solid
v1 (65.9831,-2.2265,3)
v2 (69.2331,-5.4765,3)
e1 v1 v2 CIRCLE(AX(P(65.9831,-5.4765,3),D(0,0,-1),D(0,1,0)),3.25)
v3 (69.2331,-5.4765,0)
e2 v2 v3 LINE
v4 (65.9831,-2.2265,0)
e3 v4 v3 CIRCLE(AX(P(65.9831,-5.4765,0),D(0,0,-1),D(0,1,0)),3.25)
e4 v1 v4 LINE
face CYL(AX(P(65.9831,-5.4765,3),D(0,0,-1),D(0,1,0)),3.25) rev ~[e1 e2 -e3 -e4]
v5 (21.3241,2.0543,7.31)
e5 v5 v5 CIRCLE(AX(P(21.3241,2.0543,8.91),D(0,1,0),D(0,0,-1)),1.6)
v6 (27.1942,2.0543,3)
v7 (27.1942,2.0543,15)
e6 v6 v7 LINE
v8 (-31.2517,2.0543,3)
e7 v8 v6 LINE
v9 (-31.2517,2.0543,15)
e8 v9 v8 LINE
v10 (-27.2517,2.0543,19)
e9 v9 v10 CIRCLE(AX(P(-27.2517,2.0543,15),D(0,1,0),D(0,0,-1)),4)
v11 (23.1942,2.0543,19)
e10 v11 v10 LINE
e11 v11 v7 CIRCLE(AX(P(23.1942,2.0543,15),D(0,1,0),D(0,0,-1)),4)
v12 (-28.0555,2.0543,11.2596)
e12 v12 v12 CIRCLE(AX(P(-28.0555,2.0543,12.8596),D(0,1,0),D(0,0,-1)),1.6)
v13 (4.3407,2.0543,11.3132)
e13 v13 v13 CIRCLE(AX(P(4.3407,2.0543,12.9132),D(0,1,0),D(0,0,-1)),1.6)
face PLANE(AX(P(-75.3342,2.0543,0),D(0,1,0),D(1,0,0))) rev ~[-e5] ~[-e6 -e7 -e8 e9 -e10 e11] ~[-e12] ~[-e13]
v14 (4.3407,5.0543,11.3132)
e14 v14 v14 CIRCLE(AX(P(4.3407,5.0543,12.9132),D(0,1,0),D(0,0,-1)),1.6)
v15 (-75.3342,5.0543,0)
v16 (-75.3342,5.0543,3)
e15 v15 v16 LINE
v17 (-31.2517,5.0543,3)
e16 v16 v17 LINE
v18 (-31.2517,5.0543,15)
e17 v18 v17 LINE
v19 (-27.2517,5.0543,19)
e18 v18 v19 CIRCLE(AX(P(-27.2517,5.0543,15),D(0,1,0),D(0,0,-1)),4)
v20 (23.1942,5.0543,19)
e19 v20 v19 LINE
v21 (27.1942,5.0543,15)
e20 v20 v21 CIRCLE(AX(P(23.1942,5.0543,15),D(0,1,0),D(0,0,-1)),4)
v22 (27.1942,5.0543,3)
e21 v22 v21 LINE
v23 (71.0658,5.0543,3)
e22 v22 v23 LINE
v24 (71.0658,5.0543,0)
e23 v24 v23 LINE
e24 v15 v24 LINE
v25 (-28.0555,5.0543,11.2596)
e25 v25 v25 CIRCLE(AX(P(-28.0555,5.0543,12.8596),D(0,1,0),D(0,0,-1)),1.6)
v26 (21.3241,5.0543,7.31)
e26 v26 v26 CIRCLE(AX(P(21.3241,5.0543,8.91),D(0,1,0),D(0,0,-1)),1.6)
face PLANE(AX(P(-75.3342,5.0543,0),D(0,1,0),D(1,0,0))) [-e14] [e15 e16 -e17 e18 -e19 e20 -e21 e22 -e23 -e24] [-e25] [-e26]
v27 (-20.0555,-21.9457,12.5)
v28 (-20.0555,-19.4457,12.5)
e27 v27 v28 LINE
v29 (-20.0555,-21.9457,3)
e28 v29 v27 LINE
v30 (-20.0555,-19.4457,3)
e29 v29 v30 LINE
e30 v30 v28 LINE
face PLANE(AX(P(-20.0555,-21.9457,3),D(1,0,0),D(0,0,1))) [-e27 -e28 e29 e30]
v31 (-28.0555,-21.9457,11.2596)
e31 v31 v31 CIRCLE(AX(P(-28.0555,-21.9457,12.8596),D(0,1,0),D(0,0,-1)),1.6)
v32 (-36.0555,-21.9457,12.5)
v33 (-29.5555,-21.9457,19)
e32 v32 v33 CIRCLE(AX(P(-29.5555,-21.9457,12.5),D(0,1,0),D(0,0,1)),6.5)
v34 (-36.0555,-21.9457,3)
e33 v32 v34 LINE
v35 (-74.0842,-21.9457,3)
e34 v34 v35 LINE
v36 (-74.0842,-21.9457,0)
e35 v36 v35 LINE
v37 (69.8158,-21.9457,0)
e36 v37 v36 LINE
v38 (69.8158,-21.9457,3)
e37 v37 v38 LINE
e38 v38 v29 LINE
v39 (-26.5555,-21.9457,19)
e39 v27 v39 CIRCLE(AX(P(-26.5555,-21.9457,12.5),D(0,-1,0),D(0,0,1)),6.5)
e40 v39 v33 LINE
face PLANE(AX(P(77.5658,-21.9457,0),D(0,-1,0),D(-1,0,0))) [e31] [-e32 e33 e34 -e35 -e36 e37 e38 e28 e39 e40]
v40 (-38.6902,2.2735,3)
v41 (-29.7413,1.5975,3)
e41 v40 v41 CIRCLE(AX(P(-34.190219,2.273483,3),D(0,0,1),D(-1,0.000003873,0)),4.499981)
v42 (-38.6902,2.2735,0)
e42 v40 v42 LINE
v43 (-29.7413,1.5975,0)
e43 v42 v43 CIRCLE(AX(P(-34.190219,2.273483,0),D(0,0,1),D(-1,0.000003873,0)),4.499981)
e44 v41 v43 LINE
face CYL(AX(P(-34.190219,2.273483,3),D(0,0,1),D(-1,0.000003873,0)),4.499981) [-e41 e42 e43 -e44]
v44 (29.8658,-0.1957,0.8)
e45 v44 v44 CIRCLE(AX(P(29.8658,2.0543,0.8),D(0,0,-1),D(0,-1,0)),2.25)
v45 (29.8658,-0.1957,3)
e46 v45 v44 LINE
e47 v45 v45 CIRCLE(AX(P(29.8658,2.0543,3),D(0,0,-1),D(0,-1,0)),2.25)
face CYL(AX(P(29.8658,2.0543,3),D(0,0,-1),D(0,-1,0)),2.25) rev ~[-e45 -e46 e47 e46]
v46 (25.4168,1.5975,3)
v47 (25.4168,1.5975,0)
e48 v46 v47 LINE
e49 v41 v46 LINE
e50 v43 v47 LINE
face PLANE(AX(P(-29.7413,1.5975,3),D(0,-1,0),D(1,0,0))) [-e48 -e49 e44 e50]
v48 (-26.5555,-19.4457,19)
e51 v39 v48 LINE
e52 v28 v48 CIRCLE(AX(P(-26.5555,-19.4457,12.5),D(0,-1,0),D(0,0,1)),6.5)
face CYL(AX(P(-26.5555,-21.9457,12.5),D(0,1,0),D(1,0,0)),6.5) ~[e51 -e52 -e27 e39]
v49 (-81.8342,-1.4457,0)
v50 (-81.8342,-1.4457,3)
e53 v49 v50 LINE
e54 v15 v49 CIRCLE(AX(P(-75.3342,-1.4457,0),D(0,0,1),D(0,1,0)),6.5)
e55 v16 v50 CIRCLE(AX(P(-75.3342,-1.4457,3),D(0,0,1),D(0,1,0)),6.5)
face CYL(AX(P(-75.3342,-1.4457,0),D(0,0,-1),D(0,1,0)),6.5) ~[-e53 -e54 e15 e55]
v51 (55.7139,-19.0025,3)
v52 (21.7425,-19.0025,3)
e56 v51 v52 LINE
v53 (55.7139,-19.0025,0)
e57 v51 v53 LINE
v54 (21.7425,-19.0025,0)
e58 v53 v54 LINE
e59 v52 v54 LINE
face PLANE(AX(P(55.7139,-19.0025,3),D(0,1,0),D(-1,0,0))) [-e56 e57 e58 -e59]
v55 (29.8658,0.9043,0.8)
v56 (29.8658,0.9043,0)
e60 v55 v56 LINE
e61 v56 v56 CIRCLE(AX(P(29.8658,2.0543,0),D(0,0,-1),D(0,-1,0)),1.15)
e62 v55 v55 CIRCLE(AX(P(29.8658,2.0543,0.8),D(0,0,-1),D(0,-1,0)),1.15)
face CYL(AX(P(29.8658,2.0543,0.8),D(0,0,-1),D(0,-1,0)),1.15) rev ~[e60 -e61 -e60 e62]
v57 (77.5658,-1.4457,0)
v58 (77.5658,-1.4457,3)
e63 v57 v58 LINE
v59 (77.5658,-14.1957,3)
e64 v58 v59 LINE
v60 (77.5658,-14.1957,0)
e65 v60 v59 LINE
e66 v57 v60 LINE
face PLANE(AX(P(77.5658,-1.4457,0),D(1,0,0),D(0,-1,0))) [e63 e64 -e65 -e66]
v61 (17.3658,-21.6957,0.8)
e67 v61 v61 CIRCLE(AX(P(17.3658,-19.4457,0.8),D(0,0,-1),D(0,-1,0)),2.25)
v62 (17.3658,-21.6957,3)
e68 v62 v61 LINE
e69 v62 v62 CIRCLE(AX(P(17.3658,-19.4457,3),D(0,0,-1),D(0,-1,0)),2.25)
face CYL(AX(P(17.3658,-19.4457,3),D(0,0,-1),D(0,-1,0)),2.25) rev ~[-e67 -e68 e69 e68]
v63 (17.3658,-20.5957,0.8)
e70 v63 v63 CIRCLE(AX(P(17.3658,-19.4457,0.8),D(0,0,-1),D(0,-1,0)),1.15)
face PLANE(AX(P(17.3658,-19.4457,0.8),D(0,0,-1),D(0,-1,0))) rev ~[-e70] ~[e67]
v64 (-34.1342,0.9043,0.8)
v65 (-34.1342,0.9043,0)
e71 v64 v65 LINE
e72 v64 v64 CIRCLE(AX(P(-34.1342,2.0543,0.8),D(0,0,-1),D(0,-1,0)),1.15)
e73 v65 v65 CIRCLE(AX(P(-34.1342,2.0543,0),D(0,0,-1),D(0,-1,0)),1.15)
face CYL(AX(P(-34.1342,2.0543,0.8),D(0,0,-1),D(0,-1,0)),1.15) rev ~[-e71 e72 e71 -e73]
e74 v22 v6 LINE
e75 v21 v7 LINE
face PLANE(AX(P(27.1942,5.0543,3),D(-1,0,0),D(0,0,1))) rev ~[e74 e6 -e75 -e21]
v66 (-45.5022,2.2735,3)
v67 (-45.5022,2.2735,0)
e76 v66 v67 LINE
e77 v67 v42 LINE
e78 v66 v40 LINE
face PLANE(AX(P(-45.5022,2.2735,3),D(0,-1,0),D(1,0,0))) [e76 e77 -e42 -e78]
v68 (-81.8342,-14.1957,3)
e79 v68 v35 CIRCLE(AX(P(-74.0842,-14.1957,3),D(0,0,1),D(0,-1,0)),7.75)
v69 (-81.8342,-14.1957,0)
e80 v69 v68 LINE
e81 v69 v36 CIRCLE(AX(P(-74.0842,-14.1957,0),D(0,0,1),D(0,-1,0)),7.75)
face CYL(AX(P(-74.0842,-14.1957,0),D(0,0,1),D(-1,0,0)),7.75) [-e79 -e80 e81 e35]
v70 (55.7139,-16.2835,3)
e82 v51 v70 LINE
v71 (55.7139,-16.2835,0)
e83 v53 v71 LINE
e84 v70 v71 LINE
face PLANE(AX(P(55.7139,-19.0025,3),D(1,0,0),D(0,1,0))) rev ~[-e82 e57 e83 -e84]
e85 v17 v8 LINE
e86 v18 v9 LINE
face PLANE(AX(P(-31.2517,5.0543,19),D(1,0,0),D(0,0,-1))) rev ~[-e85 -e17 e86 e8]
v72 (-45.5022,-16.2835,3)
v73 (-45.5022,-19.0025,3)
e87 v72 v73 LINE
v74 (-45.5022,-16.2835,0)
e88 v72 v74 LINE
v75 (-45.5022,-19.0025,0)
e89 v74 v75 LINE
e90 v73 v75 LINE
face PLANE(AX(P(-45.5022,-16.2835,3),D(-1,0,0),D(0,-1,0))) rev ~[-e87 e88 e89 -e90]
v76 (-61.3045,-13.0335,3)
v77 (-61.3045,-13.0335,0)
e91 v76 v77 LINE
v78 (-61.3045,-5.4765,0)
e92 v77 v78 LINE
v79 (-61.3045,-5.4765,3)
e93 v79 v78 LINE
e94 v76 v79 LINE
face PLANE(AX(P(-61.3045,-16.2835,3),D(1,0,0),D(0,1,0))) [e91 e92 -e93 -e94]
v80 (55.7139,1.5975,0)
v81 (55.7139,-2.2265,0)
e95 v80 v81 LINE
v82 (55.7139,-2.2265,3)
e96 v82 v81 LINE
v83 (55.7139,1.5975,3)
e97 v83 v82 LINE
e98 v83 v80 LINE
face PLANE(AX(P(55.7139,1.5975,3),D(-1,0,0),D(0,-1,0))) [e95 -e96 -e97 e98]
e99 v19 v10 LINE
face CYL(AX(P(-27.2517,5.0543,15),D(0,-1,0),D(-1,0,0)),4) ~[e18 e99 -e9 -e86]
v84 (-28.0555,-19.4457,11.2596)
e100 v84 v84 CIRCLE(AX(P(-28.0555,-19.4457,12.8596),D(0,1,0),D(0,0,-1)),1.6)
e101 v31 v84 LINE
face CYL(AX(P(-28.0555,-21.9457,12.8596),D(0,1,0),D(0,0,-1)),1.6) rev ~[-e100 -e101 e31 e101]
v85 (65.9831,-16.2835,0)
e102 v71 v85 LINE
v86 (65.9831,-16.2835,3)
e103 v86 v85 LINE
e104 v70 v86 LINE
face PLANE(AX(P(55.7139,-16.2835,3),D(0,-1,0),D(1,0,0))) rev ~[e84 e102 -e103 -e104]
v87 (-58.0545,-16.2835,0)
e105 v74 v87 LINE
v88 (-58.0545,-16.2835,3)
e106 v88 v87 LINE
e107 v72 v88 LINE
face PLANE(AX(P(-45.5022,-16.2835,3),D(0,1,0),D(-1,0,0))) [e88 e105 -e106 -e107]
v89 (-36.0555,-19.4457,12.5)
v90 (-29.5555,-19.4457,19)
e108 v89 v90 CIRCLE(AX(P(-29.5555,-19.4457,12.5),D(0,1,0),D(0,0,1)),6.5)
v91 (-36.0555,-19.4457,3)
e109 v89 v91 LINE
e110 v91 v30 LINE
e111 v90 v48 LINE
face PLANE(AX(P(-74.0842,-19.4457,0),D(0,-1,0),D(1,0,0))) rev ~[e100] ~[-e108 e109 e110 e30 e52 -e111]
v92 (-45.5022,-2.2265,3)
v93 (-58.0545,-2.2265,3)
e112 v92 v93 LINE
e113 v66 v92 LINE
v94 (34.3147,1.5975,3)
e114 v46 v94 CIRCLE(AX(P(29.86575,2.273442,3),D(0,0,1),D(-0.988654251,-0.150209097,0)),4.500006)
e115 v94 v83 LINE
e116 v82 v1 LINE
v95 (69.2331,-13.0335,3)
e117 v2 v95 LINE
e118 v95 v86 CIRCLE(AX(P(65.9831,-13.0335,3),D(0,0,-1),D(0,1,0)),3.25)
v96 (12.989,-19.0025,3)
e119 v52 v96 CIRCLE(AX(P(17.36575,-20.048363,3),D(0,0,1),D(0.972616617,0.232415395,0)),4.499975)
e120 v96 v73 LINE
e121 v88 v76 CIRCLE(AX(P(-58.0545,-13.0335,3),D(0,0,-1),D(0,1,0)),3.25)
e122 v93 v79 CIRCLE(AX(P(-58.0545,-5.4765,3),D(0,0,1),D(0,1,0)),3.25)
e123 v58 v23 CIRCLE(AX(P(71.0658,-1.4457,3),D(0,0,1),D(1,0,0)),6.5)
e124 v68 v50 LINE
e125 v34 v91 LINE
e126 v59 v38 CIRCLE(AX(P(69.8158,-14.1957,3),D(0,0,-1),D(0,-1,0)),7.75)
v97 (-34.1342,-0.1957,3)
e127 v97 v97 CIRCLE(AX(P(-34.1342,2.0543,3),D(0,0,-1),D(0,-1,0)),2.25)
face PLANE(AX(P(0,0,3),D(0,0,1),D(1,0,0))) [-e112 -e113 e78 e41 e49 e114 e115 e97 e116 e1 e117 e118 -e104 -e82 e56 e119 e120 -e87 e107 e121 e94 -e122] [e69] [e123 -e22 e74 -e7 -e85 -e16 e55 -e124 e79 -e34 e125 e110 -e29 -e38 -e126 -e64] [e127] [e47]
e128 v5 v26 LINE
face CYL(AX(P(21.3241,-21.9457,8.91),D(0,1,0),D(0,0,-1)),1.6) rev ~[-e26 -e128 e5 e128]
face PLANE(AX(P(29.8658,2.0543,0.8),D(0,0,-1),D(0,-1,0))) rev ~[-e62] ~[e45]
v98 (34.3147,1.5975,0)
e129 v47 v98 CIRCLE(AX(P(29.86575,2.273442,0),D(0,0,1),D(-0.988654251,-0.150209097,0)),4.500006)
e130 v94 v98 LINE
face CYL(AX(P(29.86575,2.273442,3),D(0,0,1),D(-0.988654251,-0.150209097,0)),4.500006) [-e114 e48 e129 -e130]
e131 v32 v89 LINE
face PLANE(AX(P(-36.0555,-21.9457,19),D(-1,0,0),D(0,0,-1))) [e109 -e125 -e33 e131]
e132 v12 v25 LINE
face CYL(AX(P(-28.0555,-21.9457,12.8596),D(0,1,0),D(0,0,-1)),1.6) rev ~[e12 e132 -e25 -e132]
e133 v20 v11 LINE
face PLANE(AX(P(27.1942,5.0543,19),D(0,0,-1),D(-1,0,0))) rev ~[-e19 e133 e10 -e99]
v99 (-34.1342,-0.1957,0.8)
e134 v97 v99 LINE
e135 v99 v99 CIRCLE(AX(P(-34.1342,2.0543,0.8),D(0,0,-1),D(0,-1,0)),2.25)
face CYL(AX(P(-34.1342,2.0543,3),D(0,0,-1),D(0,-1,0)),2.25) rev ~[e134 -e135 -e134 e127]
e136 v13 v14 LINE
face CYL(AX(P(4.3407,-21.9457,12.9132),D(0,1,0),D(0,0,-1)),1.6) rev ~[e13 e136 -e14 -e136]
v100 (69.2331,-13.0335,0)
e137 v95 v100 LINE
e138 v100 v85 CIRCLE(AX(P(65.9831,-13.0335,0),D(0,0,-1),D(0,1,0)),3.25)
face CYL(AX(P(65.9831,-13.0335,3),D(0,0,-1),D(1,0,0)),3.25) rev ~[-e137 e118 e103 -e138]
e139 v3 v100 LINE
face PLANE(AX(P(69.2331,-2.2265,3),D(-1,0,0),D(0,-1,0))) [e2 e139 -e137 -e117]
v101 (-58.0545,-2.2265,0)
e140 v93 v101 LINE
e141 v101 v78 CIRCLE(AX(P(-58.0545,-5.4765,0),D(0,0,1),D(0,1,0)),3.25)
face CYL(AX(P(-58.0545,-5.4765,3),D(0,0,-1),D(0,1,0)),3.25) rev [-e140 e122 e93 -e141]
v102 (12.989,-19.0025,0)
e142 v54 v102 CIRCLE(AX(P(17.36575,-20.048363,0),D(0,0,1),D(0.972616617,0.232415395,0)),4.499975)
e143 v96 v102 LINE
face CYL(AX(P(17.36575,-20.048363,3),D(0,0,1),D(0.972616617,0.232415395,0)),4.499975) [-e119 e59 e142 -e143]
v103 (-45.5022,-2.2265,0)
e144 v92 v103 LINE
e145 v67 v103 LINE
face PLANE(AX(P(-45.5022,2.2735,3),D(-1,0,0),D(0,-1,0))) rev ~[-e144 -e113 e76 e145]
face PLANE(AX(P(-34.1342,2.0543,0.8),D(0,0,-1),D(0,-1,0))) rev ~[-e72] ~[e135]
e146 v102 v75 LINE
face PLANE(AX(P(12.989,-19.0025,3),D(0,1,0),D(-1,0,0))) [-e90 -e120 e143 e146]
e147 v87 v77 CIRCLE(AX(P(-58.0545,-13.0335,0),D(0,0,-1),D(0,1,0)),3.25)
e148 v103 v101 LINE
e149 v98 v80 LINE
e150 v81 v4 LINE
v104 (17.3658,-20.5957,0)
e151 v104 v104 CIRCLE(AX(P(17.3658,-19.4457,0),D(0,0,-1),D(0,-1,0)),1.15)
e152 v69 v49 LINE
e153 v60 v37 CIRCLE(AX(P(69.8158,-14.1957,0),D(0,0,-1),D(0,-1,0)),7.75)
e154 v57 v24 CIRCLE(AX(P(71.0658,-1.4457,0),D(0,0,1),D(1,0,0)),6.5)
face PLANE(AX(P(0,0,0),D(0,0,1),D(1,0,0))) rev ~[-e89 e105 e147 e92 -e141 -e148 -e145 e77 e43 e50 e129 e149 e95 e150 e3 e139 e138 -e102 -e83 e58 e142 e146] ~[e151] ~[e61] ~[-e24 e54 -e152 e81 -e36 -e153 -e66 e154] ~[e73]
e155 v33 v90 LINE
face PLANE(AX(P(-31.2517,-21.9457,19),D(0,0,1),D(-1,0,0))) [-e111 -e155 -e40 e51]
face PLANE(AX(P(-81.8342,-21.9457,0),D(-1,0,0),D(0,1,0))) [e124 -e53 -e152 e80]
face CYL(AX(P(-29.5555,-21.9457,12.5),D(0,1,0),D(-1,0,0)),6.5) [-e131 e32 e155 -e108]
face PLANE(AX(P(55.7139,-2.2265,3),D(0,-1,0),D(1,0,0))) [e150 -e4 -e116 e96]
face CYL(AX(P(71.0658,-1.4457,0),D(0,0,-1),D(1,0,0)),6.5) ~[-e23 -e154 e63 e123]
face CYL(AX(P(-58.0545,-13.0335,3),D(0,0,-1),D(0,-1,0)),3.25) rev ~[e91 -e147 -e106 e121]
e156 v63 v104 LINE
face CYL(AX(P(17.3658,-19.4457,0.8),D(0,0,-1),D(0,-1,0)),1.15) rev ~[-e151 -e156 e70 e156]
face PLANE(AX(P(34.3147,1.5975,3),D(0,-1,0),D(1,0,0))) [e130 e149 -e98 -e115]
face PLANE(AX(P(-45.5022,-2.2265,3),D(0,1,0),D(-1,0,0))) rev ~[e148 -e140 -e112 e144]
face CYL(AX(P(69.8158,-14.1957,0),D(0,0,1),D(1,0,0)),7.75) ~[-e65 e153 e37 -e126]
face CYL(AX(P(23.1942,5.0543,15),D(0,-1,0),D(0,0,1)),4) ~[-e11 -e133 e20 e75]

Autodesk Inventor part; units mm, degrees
ref_plane "YZ Plane" through (0, 0, 0) normal (1, 0, 0) x (0, 1, 0)
ref_plane "XZ Plane" through (0, 0, 0) normal (0, 1, 0) x (-1, 0, 0)
ref_plane "XY Plane" through (0, 0, 0) normal (0, 0, 1) x (1, 0, 0)
sketch "Sketch1" plane through (0, 0, 0) normal (0, 0, 1) x (1, 0, 0)
  circle A0 centre (29.8658, 2.0543) radius 1.1 construction
  circle A1 centre (-34.1342, 2.0543) radius 1.1 construction
  circle A2 centre (17.3658, -19.4457) radius 1.1 construction
  arc A3 (77.5658, -1.4457) -> (71.0658, 5.0543) centre (71.0658, -1.4457) ccw construction
  line L0 (-75.3342, 5.0543) -> (71.0658, 5.0543) construction
  arc A4 (-75.3342, 5.0543) -> (-81.8342, -1.4457) centre (-75.3342, -1.4457) ccw construction
  line L1 (-81.8342, -3.2457) -> (-81.8342, -1.4457) construction
  arc A5 (-81.8342, -3.2457) -> (-77.5665, -5.0135) centre (-79.3342, -3.2457) ccw construction
  line L2 (-75.4025, -2.8495) -> (-77.5665, -5.0135) construction
  arc A6 (-70.8063, -0.9457) -> (-75.4025, -2.8495) centre (-70.8063, -7.4457) ccw construction
  line L3 (7.8658, -0.9457) -> (-70.8063, -0.9457) construction
  arc A7 (14.3658, -7.4457) -> (7.8658, -0.9457) centre (7.8658, -7.4457) ccw construction
  line L4 (14.3658, -14.9457) -> (14.3658, -7.4457) construction
  line L5 (14.3658, -21.9457) -> (14.3658, -14.9457) construction
  line L6 (20.3658, -21.9457) -> (14.3658, -21.9457) construction
  line L7 (20.3658, -14.9457) -> (20.3658, -21.9457) construction
  line L8 (20.3658, -7.4457) -> (20.3658, -14.9457) construction
  arc A8 (26.8658, -0.9457) -> (20.3658, -7.4457) centre (26.8658, -7.4457) ccw construction
  line L9 (67.2302, -0.9457) -> (26.8658, -0.9457) construction
  arc A9 (69.7302, -1.4457) -> (67.2302, -0.9457) centre (67.2302, -7.4457) ccw construction
  line L10 (73.298, -5.0135) -> (69.7302, -1.4457) construction
  arc A10 (73.298, -5.0135) -> (77.5658, -3.2457) centre (75.0658, -3.2457) ccw construction
  line L11 (77.5658, -1.4457) -> (77.5658, -3.2457) construction
  circle A11 centre (17.3658, -15.6457) radius 0.75 construction
  circle A12 centre (-79.3342, -3.2457) radius 0.75 construction
  circle A13 centre (75.0658, -3.2457) radius 0.75 construction
  circle A14 centre (17.3658, -3.2457) radius 0.75 construction
  line L12 (-75.3342, 5.0543) -> (71.0658, 5.0543)
  line L13 (77.5658, -1.4457) -> (77.5658, -21.9457)
  line L14 (77.5658, -21.9457) -> (-81.8342, -21.9457)
  line L15 (-81.8342, -21.9457) -> (-81.8342, -1.4457)
  arc A15 (-75.3342, 5.0543) -> (-81.8342, -1.4457) centre (-75.3342, -1.4457) ccw projected
  arc A16 (77.5658, -1.4457) -> (71.0658, 5.0543) centre (71.0658, -1.4457) ccw projected
  point P0 (0, 0)
extrude "Extrusion1" add sketch "Sketch1" along normal blind 3
sketch "Sketch2" plane through (0, 0, 3) normal (0, 0, 1) x (1, 0, 0)
  circle A0 centre (29.8658, 2.0543) radius 1.1 projected
  circle A1 centre (-34.1342, 2.0543) radius 1.1 projected
  circle A2 centre (17.3658, -19.4457) radius 1.1 projected
  point P0 (0, 0)
hole "Hole1" at (-34.1342, 2.0543, 3) at (17.3658, -19.4457, 3) at (29.8658, 2.0543, 3) direction (0, 0, -1) diameter 2.3 end through all counterbore diameter 4.5 counterbore depth 2.2
sketch "Sketch3" plane through (0, 0, 3) normal (0, 0, 1) x (1, 0, 0)
  line L0 (69.2331, -2.2265) -> (69.2331, -16.2835)
  line L1 (-61.3045, -16.2835) -> (-61.3045, -2.2265)
  circle A0 centre (-34.1342, 2.0543) radius 2.25 construction
  circle A1 centre (-34.1342, 2.0543) radius 1.15 construction
  circle A2 centre (29.8658, 2.0543) radius 2.25 construction
  circle A3 centre (29.8658, 2.0543) radius 1.15 construction
  circle A4 centre (17.3658, -19.4457) radius 2.25 construction
  circle A5 centre (17.3658, -19.4457) radius 1.15 construction
  arc A6 (-38.6902, 2.2735) -> (-29.7413, 1.5975) centre (-34.1902, 2.2735) ccw
  line L2 (-45.5022, 2.2735) -> (-38.6902, 2.2735)
  line L3 (-29.7413, 1.5975) -> (25.4168, 1.5975)
  line L4 (34.3147, 1.5975) -> (55.7139, 1.5975)
  arc A7 (25.4168, 1.5975) -> (34.3147, 1.5975) centre (29.8658, 2.2735) ccw
  line L5 (55.7139, -19.0025) -> (21.7425, -19.0025)
  line L6 (12.989, -19.0025) -> (-45.5022, -19.0025)
  arc A8 (21.7425, -19.0025) -> (12.989, -19.0025) centre (17.3658, -20.0483) ccw
  line L7 (-53.8342, -3.5957) -> (-53.8342, -15.2957) projected
  line L8 (-56.8342, -15.2957) -> (-56.8342, -3.5957) projected
  line L9 (-53.8342, -15.2957) -> (-56.8342, -15.2957) projected
  line L10 (-56.8342, -3.5957) -> (-53.8342, -3.5957) projected
  line L11 (63.8658, -15.5457) -> (63.8658, -3.3457) projected
  line L12 (66.6658, -3.3457) -> (66.6658, -15.5457) projected
  line L13 (66.6658, -15.5457) -> (63.8658, -15.5457) projected
  line L14 (63.8658, -3.3457) -> (66.6658, -3.3457) projected
  line L15 (-45.5022, 2.2735) -> (-45.5022, -2.2265)
  line L16 (-45.5022, -2.2265) -> (-61.3045, -2.2265)
  line L17 (-45.5022, -16.2835) -> (-45.5022, -19.0025)
  line L18 (-45.5022, -16.2835) -> (-61.3045, -16.2835)
  line L19 (55.7139, 1.5975) -> (55.7139, -2.2265)
  line L20 (55.7139, -2.2265) -> (69.2331, -2.2265)
  line L21 (55.7139, -19.0025) -> (55.7139, -16.2835)
  line L22 (55.7139, -16.2835) -> (69.2331, -16.2835)
  point P0 (0, 0)
  dimension "d9" = 4.5
  dimension "d10" = 4.5
  dimension "d11" = 4.5
  dimension "d15" = 20.6
extrude "Extrusion2" cut sketch "Sketch3" against normal through all contours L0 L22 L21 L5 A8 L6 L17 L18 L1 L16 L15 L2 A6 L3 A7 L4 L19 L20 | L7 L9 L8 L10 | L11 L14 L12 L13
fillet "Fillet1" radius 7.75 2 edges at (-81.8342, -21.9457, 1.5) (77.5658, -21.9457, 1.5)
sketch "Sketch4" plane through (-75.3342, 5.0543, 0) normal (0, 1, 0) x (1, 0, 0)
  line L0 (44.0825, -3) -> (102.5284, -3)
  line L1 (102.5284, -3) -> (102.5284, -19)
  line L2 (102.5284, -19) -> (44.0825, -19)
  line L3 (44.0825, -19) -> (44.0825, -3)
  line L4 (146.4, -3) -> (0, -3) projected
  point P0 (75.3342, 0)
  dimension "d16" = 16
extrude "Extrusion3" add sketch "Sketch4" against normal blind 3
sketch "Sketch5" plane through (-74.0842, -21.9457, 0) normal (0, -1, 0) x (1, 0, 0)
  line L0 (143.9, 3) -> (143.9, 0) projected
  line L1 (0, 3) -> (143.9, 3) projected
  line L2 (0, 0) -> (0, 3) projected
  line L3 (0, 0) -> (143.9, 0) projected
  line L4 (0, 3) -> (143.9, 3) projected
  line L5 (101.2784, 19) -> (42.8325, 19) projected
  line L6 (38.0287, 3) -> (54.0287, 3)
  line L7 (54.0287, 3) -> (54.0287, 19)
  line L8 (54.0287, 19) -> (38.0287, 19)
  line L9 (38.0287, 19) -> (38.0287, 3)
  point P0 (74.0842, 0)
  point P1 (89.4899, 23)
  point P2 (57.4899, 23)
  dimension "d25" = 16
extrude "Extrusion4" add sketch "Sketch5" against normal blind 2.5 contours L1 L9 L8 L5 L7
fillet "Fillet3" radius 4 2 edges at (-31.2517, 3.5543, 19) (27.1942, 3.5543, 19)
fillet "Fillet4" radius 3.25 4 edges at (-61.3045, -2.2265, 1.5) (-61.3045, -16.2835, 1.5) (69.2331, -2.2265, 1.5) (69.2331, -16.2835, 1.5)
fillet "Fillet5" radius 6.5 2 edges at (-36.0555, -20.6957, 19) (-20.0555, -20.6957, 19)
sketch "Sketch7" plane through (-74.0842, -21.9457, 0) normal (0, -1, 0) x (1, 0, 0)
  point P0 (74.0842, 0)
  point P1 (46.0287, 12.8596)
  point P2 (95.4084, 8.91)
  point P3 (78.425, 12.9132)
hole "Hole2" at (-28.0555, -21.9457, 12.8596) at (21.3241, -21.9457, 8.91) at (4.3407, -21.9457, 12.9132) direction (0, 1, 0) diameter 3.2 end through all
properties part number "xtion_custom_heatsink_mount" material "PC/ABS Plastic"
